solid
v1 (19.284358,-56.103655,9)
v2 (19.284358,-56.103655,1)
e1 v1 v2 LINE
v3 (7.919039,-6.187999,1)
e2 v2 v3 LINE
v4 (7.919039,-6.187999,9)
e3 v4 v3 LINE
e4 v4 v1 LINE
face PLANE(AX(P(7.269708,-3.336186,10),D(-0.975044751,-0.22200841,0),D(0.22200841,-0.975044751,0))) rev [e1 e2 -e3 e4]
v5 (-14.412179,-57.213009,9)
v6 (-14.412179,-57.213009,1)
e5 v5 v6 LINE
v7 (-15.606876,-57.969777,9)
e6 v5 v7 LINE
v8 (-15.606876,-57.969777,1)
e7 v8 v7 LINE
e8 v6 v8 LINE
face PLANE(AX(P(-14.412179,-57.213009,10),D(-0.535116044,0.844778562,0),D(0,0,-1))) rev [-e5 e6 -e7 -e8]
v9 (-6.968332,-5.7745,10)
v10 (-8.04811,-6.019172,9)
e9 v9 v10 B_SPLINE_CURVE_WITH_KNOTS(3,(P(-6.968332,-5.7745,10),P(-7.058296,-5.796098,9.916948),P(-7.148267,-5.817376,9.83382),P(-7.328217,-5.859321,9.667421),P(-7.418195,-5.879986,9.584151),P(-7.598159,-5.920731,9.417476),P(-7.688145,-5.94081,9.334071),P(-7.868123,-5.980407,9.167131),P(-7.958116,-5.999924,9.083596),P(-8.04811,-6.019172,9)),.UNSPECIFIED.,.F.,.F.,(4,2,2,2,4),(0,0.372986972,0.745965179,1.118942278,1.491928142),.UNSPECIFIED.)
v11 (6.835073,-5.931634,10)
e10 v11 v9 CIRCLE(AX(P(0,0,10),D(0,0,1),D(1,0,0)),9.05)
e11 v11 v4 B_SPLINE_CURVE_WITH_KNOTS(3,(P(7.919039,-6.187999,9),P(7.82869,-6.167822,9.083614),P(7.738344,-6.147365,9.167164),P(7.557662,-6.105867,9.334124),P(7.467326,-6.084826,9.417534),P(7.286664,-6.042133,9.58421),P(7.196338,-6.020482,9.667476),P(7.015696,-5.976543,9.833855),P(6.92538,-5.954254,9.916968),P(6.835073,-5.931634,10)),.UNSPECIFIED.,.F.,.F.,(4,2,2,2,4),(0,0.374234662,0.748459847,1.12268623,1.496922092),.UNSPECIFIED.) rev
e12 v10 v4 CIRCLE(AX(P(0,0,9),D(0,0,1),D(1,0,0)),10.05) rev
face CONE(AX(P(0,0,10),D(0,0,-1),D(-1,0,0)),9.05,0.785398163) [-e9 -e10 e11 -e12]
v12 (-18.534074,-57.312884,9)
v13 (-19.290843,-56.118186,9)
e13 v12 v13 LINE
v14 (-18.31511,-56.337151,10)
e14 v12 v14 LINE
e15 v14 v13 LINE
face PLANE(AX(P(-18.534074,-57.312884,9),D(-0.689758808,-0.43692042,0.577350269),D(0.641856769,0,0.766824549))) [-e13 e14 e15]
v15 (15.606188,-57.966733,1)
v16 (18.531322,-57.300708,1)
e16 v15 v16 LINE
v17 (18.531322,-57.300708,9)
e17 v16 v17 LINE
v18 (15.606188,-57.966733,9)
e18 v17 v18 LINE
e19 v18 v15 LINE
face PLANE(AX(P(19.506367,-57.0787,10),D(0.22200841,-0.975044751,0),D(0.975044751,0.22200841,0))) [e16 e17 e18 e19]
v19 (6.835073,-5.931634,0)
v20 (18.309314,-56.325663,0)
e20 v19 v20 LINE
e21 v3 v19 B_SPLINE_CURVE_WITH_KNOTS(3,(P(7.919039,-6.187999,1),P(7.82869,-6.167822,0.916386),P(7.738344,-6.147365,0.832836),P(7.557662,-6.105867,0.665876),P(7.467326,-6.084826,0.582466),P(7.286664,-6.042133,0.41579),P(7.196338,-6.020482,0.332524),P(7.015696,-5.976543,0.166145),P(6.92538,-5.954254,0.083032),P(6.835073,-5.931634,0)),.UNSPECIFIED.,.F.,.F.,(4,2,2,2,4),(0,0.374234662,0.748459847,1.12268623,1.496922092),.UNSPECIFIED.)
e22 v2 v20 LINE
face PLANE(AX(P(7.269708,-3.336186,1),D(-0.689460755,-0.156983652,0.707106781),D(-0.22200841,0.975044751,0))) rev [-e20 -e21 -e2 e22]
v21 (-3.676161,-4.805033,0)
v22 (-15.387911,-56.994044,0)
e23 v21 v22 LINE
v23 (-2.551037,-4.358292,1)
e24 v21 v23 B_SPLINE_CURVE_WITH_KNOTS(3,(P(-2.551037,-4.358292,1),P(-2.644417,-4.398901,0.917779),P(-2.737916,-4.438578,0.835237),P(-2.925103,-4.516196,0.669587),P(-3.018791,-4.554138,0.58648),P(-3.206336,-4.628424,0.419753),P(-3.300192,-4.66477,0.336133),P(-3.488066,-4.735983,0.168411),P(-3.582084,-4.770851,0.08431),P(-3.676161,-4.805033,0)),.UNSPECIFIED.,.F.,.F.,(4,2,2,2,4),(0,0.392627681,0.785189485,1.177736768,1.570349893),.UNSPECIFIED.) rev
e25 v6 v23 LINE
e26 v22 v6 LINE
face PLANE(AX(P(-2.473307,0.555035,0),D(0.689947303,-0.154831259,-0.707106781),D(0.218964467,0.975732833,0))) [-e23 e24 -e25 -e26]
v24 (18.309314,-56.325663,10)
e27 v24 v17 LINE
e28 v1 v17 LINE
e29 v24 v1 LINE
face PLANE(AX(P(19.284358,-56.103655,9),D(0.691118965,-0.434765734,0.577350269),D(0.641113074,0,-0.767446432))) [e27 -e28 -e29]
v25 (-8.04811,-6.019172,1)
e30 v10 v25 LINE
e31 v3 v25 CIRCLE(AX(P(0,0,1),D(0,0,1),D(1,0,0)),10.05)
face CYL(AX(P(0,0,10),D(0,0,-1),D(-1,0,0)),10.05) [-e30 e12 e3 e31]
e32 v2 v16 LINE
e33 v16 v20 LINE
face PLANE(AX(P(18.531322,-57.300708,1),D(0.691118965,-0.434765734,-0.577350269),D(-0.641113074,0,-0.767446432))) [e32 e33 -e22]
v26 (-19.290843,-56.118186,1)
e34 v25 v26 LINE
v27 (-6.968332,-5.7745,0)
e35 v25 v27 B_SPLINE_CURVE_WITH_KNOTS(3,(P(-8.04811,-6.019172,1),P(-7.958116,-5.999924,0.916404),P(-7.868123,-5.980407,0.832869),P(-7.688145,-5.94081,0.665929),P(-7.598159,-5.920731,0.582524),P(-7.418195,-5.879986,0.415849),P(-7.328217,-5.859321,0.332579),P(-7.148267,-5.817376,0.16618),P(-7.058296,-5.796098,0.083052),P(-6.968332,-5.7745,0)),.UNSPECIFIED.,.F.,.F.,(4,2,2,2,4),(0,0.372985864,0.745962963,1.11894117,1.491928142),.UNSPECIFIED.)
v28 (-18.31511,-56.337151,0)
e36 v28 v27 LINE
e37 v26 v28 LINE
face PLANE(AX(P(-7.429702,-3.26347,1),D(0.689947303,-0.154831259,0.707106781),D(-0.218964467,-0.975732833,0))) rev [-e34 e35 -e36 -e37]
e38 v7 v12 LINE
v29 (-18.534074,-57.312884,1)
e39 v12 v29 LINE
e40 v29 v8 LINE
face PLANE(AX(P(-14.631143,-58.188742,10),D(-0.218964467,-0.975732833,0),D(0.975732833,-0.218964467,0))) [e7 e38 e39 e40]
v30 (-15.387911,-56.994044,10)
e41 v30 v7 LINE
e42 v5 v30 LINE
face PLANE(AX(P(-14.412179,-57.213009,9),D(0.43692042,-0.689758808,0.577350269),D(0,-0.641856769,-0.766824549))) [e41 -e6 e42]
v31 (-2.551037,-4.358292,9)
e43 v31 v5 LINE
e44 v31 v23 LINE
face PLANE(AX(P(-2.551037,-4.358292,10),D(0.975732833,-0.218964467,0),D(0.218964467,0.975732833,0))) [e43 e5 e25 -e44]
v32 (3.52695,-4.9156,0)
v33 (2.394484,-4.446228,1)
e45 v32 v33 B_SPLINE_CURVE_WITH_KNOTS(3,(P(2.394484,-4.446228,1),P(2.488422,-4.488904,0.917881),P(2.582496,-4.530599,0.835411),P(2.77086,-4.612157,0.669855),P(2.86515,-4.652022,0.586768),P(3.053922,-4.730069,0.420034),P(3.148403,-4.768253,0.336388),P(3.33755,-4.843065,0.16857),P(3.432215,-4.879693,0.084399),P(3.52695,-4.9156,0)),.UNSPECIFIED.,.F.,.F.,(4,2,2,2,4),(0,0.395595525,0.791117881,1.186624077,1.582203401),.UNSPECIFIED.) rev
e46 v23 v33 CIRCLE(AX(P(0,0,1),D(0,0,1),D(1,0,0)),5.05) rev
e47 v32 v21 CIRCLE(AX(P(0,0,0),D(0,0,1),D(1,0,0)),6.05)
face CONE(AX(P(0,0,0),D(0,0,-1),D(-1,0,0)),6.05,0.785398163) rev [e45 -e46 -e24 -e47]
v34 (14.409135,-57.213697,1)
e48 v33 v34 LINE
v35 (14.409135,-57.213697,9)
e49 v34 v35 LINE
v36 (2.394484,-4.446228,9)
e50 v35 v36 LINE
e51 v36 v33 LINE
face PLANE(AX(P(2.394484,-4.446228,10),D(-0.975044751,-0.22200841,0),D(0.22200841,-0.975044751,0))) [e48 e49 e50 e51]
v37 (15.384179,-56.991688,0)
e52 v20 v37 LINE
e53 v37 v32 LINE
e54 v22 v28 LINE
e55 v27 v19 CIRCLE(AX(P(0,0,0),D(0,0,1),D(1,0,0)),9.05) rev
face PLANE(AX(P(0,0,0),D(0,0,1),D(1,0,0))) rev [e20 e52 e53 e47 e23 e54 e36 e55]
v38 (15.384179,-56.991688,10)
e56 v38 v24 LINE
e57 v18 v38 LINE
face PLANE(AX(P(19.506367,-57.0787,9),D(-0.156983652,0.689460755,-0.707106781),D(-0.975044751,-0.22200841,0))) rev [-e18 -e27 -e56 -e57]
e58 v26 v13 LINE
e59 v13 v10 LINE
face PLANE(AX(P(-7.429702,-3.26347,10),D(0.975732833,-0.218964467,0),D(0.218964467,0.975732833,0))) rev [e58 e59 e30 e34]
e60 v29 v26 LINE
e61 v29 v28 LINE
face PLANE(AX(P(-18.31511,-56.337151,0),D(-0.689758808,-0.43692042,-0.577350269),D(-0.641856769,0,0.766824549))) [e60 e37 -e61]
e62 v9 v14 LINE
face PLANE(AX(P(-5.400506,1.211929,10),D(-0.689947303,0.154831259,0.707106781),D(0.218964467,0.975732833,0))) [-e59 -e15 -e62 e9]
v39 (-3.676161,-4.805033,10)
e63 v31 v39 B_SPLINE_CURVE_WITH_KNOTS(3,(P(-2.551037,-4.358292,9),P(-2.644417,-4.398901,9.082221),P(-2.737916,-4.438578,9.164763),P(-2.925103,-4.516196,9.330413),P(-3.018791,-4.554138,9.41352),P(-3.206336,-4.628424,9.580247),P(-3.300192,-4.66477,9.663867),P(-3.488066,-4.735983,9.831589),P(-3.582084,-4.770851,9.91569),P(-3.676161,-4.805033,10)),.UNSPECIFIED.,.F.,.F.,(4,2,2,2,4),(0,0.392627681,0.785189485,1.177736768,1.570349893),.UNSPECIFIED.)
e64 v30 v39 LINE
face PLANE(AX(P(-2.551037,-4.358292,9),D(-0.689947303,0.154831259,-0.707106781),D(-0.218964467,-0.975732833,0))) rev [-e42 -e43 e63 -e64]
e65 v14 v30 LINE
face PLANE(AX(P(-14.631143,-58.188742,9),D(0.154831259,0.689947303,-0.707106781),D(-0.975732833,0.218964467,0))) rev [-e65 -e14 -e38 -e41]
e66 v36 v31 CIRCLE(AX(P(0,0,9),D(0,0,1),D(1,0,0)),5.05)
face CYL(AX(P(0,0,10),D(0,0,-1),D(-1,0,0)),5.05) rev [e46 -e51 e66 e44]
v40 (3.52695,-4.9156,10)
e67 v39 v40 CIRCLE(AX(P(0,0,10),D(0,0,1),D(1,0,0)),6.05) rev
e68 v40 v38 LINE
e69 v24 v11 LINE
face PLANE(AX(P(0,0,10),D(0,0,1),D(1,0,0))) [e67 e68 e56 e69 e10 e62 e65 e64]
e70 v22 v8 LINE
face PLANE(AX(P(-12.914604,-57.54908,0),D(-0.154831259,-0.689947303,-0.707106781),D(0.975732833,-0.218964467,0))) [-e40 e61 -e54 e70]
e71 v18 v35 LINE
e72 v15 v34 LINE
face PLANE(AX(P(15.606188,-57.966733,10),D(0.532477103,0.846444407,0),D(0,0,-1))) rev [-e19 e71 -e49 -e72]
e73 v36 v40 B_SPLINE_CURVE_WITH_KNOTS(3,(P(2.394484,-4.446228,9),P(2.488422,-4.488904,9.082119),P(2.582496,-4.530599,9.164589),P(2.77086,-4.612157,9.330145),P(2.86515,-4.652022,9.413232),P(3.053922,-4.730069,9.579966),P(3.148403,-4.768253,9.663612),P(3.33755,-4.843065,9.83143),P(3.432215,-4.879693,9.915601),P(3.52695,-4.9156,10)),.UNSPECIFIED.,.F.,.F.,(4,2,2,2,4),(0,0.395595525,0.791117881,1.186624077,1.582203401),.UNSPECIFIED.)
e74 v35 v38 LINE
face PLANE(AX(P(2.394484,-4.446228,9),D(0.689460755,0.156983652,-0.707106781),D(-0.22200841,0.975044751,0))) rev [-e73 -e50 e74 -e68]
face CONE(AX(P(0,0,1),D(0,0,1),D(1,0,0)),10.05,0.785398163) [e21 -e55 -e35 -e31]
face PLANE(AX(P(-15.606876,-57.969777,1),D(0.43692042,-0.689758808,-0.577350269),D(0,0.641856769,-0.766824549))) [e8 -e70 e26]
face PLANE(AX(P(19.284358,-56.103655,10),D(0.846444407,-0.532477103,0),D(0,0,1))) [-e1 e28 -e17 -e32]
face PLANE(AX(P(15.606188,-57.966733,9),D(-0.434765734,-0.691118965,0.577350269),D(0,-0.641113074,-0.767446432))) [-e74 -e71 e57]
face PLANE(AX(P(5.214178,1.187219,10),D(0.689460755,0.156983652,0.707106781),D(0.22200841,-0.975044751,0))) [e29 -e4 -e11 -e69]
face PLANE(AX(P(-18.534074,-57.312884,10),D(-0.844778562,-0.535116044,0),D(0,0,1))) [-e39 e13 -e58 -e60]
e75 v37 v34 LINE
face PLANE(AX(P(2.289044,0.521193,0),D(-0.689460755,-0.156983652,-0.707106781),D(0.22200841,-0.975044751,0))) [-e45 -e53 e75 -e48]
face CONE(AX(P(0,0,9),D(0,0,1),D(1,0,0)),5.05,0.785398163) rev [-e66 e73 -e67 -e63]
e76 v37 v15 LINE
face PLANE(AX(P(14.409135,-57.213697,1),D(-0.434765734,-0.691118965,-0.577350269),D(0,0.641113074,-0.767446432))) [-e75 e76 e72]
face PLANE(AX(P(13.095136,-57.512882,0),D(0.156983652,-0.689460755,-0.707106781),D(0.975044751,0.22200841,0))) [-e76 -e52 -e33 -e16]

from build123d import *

# Parameters (mm, degrees)
EXTRUDE_1_DEPTH = 10
CHAMFER_1_SIZE  = 1


with BuildPart() as part:
    # 草图1 → 拉伸-薄壁1 (new body)
    with BuildSketch(Plane.XY):
        with BuildLine():
            Line((14.631143099, -58.188741623), (2.394484263, -4.446228189))
            ThreePointArc((2.394484263, -4.446228189), (0.089779865, 5.049201875), (-2.551037445, -4.358291862))
            Line((-2.551037445, -4.358291862), (-14.631143099, -58.188741623))
            Line((-14.631143099, -58.188741623), (-19.509807266, -57.09391929))
            Line((-19.509807266, -57.09391929), (-8.04810956, -6.019172079))
            ThreePointArc((-8.04810956, -6.019172079), (0.106256457, 10.049438271), (7.919038593, -6.187998688))
            Line((7.919038593, -6.187998688), (19.506366852, -57.078699572))
            Line((19.506366852, -57.078699572), (14.631143099, -58.188741623))
        make_face()
    extrude(amount=EXTRUDE_1_DEPTH)

    # 倒角1
    chamfer_1_edges = [part.edges().sort_by_distance(p)[0] for p in [
        (19.506366852, -57.078699572, 5),
        (14.631143099, -58.188741623, 5),
        (-14.631143099, -58.188741623, 5),
        (-8.591090272, -31.273516742, 10),
        (-19.509807266, -57.09391929, 5),
        (0.089779865, 5.049201875, 10),
        (8.512813681, -31.317484906, 10),
        (17.068754976, -57.633720597, 10),
        (13.712702723, -31.63334913, 10),
        (0.106256457, 10.049438271, 10),
        (-13.778958413, -31.556545684, 10),
        (0.106256457, 10.049438271, 0),
        (13.712702723, -31.63334913, 0),
        (17.068754976, -57.633720597, 0),
        (8.512813681, -31.317484906, 0),
        (0.089779865, 5.049201875, 0),
        (-17.070475183, -57.641330456, 10),
        (-8.591090272, -31.273516742, 0),
        (-17.070475183, -57.641330456, 0),
        (-13.778958413, -31.556545684, 0),
    ]]
    chamfer(chamfer_1_edges, length=CHAMFER_1_SIZE)


solid = part.part
